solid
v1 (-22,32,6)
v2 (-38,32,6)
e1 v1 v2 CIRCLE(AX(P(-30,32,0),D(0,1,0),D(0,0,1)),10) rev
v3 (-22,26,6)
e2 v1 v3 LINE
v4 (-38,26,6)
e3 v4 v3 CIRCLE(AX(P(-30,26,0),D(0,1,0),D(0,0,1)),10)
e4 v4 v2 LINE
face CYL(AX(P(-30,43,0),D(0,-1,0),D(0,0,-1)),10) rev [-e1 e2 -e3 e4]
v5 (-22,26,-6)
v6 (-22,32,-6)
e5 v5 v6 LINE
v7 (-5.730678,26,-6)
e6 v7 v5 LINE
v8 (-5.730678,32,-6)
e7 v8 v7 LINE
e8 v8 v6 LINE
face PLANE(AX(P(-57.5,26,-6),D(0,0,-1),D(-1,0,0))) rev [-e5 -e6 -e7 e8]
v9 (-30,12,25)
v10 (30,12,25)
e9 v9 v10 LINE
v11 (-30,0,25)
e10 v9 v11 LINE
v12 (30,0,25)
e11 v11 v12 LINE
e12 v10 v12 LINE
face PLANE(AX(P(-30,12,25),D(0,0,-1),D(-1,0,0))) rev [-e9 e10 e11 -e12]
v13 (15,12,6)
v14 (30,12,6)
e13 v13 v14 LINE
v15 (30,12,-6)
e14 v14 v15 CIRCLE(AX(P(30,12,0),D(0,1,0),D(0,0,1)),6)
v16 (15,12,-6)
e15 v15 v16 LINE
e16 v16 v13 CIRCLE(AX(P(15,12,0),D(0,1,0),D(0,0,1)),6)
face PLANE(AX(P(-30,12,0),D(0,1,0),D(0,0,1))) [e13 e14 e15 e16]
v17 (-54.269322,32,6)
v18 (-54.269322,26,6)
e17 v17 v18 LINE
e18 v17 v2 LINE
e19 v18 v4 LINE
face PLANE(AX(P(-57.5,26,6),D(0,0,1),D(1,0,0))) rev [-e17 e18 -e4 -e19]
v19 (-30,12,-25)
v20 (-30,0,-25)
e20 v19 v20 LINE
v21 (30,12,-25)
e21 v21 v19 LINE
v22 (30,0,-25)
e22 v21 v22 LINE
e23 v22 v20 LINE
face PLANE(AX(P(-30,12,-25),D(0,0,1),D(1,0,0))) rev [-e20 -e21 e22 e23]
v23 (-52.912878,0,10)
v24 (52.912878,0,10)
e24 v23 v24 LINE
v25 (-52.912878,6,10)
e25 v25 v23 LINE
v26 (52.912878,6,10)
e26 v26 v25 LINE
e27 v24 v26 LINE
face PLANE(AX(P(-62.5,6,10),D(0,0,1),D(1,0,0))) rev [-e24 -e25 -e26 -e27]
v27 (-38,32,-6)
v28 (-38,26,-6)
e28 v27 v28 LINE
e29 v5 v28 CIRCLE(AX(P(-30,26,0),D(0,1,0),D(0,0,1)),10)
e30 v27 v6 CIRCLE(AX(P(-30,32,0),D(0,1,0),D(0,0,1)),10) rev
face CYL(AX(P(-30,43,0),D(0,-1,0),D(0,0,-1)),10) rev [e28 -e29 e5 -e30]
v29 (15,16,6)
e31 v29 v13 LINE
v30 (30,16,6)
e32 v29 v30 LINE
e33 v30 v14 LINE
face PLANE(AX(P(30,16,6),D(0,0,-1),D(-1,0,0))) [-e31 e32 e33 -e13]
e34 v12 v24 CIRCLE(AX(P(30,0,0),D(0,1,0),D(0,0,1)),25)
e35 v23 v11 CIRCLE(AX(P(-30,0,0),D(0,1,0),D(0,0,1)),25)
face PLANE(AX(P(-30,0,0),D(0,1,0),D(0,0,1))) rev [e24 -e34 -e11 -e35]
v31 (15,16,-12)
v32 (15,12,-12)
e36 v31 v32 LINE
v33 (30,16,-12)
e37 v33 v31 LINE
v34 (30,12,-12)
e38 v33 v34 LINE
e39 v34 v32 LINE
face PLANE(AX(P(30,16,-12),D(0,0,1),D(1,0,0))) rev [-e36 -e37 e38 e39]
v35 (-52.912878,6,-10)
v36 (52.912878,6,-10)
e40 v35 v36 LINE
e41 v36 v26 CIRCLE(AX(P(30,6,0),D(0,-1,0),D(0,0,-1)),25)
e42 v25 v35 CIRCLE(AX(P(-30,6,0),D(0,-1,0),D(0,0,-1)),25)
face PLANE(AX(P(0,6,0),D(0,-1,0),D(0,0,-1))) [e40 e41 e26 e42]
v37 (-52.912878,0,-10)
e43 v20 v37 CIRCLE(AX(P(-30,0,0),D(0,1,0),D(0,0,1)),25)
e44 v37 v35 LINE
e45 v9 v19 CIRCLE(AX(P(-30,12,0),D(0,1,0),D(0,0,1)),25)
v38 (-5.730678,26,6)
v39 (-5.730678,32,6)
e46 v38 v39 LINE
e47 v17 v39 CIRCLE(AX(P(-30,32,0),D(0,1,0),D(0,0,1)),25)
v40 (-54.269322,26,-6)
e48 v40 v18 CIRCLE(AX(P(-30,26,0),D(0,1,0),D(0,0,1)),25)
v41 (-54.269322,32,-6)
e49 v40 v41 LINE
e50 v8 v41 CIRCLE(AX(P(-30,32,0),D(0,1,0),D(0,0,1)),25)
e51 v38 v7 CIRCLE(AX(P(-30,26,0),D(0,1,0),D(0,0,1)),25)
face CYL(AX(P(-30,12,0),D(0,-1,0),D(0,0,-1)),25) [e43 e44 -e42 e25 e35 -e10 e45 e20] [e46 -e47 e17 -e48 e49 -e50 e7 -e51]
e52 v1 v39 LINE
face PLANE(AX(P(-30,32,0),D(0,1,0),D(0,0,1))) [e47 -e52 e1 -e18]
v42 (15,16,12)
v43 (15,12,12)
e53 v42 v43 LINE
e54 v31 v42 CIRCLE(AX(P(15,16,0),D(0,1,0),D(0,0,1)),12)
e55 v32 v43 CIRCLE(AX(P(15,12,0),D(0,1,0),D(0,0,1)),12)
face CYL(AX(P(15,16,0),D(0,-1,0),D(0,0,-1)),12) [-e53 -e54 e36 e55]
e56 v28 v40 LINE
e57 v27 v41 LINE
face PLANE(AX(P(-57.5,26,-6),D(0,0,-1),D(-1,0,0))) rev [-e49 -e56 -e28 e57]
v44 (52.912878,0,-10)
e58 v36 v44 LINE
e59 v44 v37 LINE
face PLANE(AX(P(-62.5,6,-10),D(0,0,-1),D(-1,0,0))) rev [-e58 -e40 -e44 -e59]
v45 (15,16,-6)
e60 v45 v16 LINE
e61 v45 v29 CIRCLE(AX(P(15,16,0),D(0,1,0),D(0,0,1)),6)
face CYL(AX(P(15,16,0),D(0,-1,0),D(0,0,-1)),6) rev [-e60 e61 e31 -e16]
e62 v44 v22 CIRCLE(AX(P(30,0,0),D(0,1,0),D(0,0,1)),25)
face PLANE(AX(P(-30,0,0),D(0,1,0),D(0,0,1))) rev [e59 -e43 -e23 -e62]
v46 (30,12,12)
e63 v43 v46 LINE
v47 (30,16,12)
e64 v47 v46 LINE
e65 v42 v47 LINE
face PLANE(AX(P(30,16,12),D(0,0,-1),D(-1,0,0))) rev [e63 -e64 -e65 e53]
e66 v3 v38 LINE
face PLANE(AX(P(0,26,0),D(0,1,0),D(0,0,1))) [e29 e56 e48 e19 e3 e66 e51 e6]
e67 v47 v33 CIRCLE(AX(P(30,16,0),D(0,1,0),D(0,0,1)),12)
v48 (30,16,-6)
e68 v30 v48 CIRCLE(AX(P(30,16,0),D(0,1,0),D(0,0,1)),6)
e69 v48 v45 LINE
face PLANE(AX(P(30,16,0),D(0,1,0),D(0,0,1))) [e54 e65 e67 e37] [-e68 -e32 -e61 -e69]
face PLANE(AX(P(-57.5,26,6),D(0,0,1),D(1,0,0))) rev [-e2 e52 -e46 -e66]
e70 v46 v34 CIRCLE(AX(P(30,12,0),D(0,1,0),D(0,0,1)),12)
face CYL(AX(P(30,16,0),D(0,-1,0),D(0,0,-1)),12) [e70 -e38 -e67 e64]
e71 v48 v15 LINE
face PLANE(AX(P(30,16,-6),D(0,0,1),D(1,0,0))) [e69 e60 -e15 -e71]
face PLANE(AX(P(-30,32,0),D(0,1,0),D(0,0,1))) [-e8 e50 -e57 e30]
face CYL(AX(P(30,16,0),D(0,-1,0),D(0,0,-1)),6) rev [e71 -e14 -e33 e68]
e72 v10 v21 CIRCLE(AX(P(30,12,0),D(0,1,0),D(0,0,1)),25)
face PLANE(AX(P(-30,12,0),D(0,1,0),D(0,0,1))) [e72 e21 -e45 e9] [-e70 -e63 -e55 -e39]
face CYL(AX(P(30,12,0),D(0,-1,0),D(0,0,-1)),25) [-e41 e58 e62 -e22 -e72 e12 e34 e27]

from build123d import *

# Parameters (mm, degrees)
BOSS_EXTRUDE1_DEPTH = 12
SKETCH2_R           = 25
BOSS_EXTRUDE2_DEPTH = 20
BOSS_EXTRUDE3_DEPTH = 4
SKETCH4_W           = 55
SKETCH4_H           = 12
CUT_EXTRUDE1_DEPTH  = 6
SKETCH5_R           = 10
CUT_EXTRUDE2_DEPTH  = 17
SKETCH6_W           = 125
SKETCH6_H           = 20
CUT_EXTRUDE3_DEPTH  = 6


with BuildPart() as part:
    # Sketch1 → Boss-Extrude1 (new body)
    with BuildSketch(Plane(origin=(0, 0, 0), x_dir=(1, 0, 0), z_dir=(0, 1, 0))):
        with BuildLine():
            Line((-30, 25), (30, 25))
            ThreePointArc((30, 25), (55, 0), (30, -25))
            Line((30, -25), (-30, -25))
            ThreePointArc((-30, -25), (-55, 0), (-30, 25))
        make_face()
    extrude(amount=BOSS_EXTRUDE1_DEPTH)

    # Sketch2 → Boss-Extrude2 (add)
    with BuildSketch(Plane(origin=(0, 12, 0), x_dir=(1, 0, 0), z_dir=(0, 1, 0))):
        with Locations(Location((-30, 0, 0), (0, 0, 270))):
            Circle(SKETCH2_R)
    extrude(amount=BOSS_EXTRUDE2_DEPTH)

    # Sketch3 → Boss-Extrude3 (add)
    with BuildSketch(Plane(origin=(0, 12, 0), x_dir=(1, 0, 0), z_dir=(0, 1, 0))):
        with BuildLine():
            Line((30, -12), (15, -12))
            ThreePointArc((15, -12), (3, 0), (15, 12))
            Line((15, 12), (30, 12))
            ThreePointArc((30, 12), (42, 0), (30, -12))
        make_face()
        with BuildLine():
            Line((30, -6), (15, -6))
            ThreePointArc((15, -6), (9, 0), (15, 6))
            Line((15, 6), (30, 6))
            ThreePointArc((30, 6), (36, 0), (30, -6))
        make_face(mode=Mode.SUBTRACT)
    extrude(amount=BOSS_EXTRUDE3_DEPTH)

    # Sketch4 → Cut-Extrude1 (cut)
    with BuildSketch(Plane(origin=(0, 32, 0), x_dir=(1, 0, 0), z_dir=(0, 1, 0))):
        with Locations((-30, 0)):
            Rectangle(SKETCH4_W, SKETCH4_H)
    extrude(amount=-CUT_EXTRUDE1_DEPTH, mode=Mode.SUBTRACT)

    # Sketch5 → Cut-Extrude2 (cut)
    with BuildSketch(Plane(origin=(0, 26, 0), x_dir=(1, 0, 0), z_dir=(0, 1, 0))):
        with Locations((-30, 0)):
            Circle(SKETCH5_R)
    extrude(amount=CUT_EXTRUDE2_DEPTH, mode=Mode.SUBTRACT)

    # Sketch6 → Cut-Extrude3 (cut)
    with BuildSketch(Plane.XZ):
        Rectangle(SKETCH6_W, SKETCH6_H)
    extrude(amount=-CUT_EXTRUDE3_DEPTH, mode=Mode.SUBTRACT)


solid = part.part
